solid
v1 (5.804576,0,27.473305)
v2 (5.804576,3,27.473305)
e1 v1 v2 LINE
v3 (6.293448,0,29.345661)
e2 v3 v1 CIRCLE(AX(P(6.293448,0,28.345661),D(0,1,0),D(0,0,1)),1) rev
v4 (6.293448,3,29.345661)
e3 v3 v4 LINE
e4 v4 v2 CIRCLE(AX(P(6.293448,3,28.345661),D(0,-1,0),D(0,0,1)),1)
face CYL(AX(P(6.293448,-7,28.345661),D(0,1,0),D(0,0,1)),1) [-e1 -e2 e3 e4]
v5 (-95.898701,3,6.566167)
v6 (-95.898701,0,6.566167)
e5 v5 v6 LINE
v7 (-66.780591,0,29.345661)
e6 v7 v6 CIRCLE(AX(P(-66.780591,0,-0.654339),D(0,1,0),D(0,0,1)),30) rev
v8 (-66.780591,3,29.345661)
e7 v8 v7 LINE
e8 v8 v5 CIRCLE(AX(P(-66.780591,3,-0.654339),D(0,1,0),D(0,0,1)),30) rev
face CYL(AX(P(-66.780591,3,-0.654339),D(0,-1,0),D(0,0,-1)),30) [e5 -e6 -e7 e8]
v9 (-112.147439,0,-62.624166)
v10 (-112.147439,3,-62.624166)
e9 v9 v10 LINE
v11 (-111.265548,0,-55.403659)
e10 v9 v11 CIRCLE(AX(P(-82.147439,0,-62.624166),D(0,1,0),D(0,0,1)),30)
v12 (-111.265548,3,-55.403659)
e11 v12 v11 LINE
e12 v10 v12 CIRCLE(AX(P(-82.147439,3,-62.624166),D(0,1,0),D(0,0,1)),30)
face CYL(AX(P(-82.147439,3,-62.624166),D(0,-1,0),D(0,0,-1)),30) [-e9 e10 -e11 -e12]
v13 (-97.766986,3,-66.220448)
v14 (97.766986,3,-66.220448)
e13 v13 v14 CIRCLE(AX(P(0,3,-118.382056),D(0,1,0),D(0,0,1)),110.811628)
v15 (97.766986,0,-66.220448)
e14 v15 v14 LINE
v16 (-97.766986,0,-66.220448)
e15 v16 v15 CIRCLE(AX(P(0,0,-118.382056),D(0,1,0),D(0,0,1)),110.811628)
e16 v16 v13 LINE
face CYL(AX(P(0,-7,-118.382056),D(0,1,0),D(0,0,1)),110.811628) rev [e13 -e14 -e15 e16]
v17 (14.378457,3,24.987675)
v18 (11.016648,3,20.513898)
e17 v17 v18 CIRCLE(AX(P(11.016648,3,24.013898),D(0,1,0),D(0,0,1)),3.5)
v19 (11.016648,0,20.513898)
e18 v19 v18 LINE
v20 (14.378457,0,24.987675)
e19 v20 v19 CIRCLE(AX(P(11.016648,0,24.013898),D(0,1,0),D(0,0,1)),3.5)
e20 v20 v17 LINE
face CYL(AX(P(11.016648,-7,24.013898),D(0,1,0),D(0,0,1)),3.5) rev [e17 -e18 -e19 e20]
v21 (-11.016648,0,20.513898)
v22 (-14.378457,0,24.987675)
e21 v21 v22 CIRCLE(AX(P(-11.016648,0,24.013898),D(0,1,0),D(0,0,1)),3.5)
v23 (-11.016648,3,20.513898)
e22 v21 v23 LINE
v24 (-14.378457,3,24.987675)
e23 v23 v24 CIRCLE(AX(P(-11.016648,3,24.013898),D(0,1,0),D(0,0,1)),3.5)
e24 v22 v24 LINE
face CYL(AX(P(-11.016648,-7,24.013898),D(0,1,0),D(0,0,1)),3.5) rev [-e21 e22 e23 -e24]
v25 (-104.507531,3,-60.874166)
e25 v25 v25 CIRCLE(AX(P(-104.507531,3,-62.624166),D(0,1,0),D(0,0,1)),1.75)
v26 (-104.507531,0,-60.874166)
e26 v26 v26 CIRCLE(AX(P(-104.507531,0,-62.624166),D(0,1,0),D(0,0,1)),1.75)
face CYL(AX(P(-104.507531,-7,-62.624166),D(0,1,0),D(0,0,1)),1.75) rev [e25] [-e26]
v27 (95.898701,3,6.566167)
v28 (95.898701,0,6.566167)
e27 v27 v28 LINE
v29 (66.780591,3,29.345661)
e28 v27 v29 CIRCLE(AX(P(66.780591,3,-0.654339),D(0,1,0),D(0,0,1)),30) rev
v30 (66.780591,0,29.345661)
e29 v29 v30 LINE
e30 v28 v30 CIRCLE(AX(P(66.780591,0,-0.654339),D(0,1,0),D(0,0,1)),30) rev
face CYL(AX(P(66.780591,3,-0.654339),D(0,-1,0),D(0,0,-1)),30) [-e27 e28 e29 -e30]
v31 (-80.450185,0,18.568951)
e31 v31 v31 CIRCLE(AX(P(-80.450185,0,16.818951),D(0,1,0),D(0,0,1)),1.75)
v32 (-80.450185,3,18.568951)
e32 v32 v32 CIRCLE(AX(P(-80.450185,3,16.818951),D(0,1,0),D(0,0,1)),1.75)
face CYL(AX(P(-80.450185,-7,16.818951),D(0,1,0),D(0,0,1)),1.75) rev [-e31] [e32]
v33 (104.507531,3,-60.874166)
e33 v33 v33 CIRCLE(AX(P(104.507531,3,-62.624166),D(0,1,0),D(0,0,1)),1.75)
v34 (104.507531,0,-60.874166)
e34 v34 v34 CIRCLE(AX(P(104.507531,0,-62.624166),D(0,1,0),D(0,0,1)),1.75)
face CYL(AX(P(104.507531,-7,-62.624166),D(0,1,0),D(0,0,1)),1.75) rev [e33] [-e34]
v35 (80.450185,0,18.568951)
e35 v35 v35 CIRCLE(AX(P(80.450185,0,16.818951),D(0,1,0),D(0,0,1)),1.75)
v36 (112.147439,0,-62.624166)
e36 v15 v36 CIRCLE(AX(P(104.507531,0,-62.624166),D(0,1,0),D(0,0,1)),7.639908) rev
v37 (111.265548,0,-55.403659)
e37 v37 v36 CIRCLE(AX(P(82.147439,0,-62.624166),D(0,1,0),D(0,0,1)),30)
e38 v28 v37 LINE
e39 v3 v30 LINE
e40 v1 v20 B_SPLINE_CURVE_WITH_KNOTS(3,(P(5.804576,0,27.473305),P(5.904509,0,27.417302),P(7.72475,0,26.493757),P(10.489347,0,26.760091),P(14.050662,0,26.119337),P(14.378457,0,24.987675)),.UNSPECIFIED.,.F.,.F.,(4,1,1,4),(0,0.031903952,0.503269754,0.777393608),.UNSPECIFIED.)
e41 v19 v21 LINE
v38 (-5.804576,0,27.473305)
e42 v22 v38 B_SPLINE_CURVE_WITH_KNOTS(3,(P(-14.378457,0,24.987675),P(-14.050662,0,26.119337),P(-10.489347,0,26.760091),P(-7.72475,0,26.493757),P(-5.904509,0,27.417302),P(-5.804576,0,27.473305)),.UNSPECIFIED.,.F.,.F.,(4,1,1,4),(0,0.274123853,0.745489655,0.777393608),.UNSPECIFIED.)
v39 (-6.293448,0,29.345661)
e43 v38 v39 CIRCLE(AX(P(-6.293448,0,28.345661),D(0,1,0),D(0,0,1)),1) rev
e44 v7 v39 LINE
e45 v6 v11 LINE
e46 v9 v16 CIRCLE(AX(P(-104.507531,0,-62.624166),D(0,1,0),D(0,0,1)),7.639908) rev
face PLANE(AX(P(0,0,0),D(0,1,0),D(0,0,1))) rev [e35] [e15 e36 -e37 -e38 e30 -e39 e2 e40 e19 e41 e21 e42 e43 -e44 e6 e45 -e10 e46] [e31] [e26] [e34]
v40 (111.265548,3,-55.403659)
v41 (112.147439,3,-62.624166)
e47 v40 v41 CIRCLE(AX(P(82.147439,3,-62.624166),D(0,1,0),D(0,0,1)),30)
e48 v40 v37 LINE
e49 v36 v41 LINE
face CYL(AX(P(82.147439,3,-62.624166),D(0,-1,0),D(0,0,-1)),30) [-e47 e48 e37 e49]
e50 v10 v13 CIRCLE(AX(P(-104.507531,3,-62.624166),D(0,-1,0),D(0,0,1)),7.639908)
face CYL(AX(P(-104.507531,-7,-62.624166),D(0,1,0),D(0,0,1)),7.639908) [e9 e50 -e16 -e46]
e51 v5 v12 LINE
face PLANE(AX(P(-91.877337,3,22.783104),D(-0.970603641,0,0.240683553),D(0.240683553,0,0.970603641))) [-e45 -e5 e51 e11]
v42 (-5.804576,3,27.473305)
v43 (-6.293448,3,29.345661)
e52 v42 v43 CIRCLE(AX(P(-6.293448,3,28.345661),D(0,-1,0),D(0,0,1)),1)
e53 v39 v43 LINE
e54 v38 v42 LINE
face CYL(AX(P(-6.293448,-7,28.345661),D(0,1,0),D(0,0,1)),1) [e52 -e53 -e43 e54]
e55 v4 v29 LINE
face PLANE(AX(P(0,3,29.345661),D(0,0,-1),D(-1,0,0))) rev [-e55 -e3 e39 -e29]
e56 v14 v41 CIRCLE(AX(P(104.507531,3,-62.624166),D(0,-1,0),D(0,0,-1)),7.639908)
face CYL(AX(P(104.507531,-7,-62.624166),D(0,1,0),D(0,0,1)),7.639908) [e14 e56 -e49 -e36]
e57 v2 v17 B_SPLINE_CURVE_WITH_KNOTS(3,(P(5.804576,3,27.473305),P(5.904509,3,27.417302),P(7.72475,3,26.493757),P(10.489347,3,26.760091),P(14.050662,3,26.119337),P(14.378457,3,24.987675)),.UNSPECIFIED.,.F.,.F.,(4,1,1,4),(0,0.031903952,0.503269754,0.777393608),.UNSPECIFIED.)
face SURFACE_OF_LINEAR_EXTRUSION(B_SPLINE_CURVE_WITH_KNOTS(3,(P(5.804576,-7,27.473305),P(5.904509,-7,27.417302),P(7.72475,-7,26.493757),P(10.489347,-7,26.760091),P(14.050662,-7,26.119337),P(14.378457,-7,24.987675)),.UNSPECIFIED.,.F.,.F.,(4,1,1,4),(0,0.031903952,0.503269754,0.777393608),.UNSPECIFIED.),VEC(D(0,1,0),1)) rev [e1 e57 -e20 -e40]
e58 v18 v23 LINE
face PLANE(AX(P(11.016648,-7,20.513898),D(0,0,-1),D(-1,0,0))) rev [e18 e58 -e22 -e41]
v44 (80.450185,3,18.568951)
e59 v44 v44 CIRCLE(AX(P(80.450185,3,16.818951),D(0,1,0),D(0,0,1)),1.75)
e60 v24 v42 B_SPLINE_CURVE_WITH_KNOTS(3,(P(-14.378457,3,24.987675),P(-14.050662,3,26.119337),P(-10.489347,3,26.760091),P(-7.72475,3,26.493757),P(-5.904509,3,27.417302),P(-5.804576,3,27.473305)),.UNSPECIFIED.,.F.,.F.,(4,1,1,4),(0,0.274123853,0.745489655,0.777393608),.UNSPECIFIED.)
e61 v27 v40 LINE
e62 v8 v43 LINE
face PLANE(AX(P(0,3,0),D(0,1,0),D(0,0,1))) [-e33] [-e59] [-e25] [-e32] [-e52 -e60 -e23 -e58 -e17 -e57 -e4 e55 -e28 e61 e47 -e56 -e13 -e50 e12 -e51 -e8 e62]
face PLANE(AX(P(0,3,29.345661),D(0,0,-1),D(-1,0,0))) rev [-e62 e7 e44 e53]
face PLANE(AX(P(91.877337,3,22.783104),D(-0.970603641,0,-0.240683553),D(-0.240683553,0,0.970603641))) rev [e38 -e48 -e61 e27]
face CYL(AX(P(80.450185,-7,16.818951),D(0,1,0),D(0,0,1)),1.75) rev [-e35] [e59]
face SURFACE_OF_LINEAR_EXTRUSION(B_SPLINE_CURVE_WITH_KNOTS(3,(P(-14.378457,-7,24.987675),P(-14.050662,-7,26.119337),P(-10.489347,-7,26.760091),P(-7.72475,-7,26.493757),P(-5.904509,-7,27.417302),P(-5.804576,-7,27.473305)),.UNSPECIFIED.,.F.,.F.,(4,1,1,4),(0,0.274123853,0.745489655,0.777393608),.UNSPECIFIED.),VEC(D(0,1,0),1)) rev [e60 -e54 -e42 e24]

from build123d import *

# Parameters (mm, degrees)
EXTRUDE_1_DEPTH     = 3
CUT_EXTRUDE_START   = -10
CUT_EXTRUDE_1_DEPTH = 10
SKETCH_3_R          = 1.75
CUT_EXTRUDE_2_DEPTH = 10
CUT_EXTRUDE_3_DEPTH = 10


with BuildPart() as part:
    # 草图1 → 凸台-拉伸1 (new body)
    with BuildSketch(Plane(origin=(0, 0, 0), x_dir=(1, 0, 0), z_dir=(0, 1, 0))):
        with BuildLine():
            Line((-66.78059141, 154.593992167), (66.78059141, 154.593992167))
            ThreePointArc((66.78059141, 154.593992167), (85.265515034, 148.222525736), (95.898700635, 131.814498742))
            Line((95.898700635, 131.814498742), (111.265547961, 69.844672358))
            ThreePointArc((111.265547961, 69.844672358), (112.147438737, 62.624165782), (111.265547961, 55.403659207))
            Line((111.265547961, 55.403659207), (95.898700635, -6.566167178))
            ThreePointArc((95.898700635, -6.566167178), (85.265515034, -22.974194171), (66.78059141, -29.345660602))
            Line((66.78059141, -29.345660602), (-66.78059141, -29.345660602))
            ThreePointArc((-66.78059141, -29.345660602), (-85.265515034, -22.974194171), (-95.898700635, -6.566167178))
            Line((-95.898700635, -6.566167178), (-111.265547961, 55.403659207))
            ThreePointArc((-111.265547961, 55.403659207), (-112.147438737, 62.624165782), (-111.265547961, 69.844672358))
            Line((-111.265547961, 69.844672358), (-95.898700635, 131.814498742))
            ThreePointArc((-95.898700635, 131.814498742), (-85.265515034, 148.222525736), (-66.78059141, 154.593992167))
        make_face()
    extrude(amount=EXTRUDE_1_DEPTH)

    # 草图2 → 切除-拉伸1 (cut)
    with BuildSketch(Plane(origin=(0, 3, 0), x_dir=(1, 0, 0), z_dir=(0, 1, 0)).offset(CUT_EXTRUDE_START)):
        with BuildLine():
            Line((111.265547961, 69.844672358), (95.898700635, 131.814498742))
            ThreePointArc((95.898700635, 131.814498742), (85.265515034, 148.222525736), (66.78059141, 154.593992167))
            Line((66.78059141, 154.593992167), (-66.78059141, 154.593992167))
            ThreePointArc((-66.78059141, 154.593992167), (-85.265515034, 148.222525736), (-95.898700635, 131.814498742))
            Line((-95.898700635, 131.814498742), (-111.265547961, 69.844672358))
            ThreePointArc((-111.265547961, 69.844672358), (-111.926149897, 66.261247255), (-112.147438737, 62.624165782))
            ThreePointArc((-112.147438737, 62.624165782), (-106.361047775, 70.035823246), (-97.766986015, 66.220447882))
            ThreePointArc((-97.766986015, 66.220447882), (0, 7.570427798), (97.766986015, 66.220447882))
            ThreePointArc((97.766986015, 66.220447882), (106.361047775, 70.035823246), (112.147438737, 62.624165782))
            ThreePointArc((112.147438737, 62.624165782), (111.926149897, 66.261247255), (111.265547961, 69.844672358))
        make_face()
    extrude(amount=CUT_EXTRUDE_1_DEPTH, mode=Mode.SUBTRACT)

    # 草图3 → 切除-拉伸2 (cut)
    with BuildSketch(Plane(origin=(0, 3, 0), x_dir=(1, 0, 0), z_dir=(0, 1, 0))):
        with Locations(Location((-80.450184708, -16.818951307, 0), (0, 0, 270))):
            Circle(SKETCH_3_R)
        with Locations(Location((-104.507530951, 62.624165782, 0), (0, 0, 270))):
            Circle(SKETCH_3_R)
        with Locations(Location((104.507530951, 62.624165782, 0), (0, 0, 270))):
            Circle(SKETCH_3_R)
        with Locations(Location((80.450184708, -16.818951307, 0), (0, 0, 270))):
            Circle(SKETCH_3_R)
    extrude(amount=-CUT_EXTRUDE_2_DEPTH, mode=Mode.SUBTRACT)

    # 草图4 → 切除-拉伸3 (cut)
    with BuildSketch(Plane(origin=(0, 3, 0), x_dir=(1, 0, 0), z_dir=(0, 1, 0))):
        with BuildLine():
            Line((11.016648097, -20.513898252), (-11.016648097, -20.513898252))
            ThreePointArc((-11.016648097, -20.513898252), (-13.814702514, -21.911306641), (-14.378457093, -24.987674549))
            add(Edge.make_bspline(
                [(-14.378457093, -24.987674549), (-14.050661547, -26.11933694), (-10.489346867, -26.76009099), (-7.724749574, -26.493757466), (-5.904508816, -27.417302496), (-5.804576355, -27.473305111)],
                knots=[0, 0, 0, 0, 0.274123853, 0.745489655, 0.777393608, 0.777393608, 0.777393608, 0.777393608], degree=3))
            ThreePointArc((-5.804576355, -27.473305111), (-5.325885634, -28.59829127), (-6.293448421, -29.345660602))
            Line((-6.293448421, -29.345660602), (6.293448421, -29.345660602))
            ThreePointArc((6.293448421, -29.345660602), (5.325885634, -28.59829127), (5.804576355, -27.473305111))
            add(Edge.make_bspline(
                [(5.804576355, -27.473305111), (5.904508816, -27.417302496), (7.724749574, -26.493757466), (10.489346867, -26.76009099), (14.050661547, -26.11933694), (14.378457093, -24.987674549)],
                knots=[0, 0, 0, 0, 0.031903952, 0.503269754, 0.777393608, 0.777393608, 0.777393608, 0.777393608], degree=3))
            ThreePointArc((14.378457093, -24.987674549), (13.814702514, -21.911306641), (11.016648097, -20.513898252))
        make_face()
    extrude(amount=-CUT_EXTRUDE_3_DEPTH, mode=Mode.SUBTRACT)


solid = part.part
